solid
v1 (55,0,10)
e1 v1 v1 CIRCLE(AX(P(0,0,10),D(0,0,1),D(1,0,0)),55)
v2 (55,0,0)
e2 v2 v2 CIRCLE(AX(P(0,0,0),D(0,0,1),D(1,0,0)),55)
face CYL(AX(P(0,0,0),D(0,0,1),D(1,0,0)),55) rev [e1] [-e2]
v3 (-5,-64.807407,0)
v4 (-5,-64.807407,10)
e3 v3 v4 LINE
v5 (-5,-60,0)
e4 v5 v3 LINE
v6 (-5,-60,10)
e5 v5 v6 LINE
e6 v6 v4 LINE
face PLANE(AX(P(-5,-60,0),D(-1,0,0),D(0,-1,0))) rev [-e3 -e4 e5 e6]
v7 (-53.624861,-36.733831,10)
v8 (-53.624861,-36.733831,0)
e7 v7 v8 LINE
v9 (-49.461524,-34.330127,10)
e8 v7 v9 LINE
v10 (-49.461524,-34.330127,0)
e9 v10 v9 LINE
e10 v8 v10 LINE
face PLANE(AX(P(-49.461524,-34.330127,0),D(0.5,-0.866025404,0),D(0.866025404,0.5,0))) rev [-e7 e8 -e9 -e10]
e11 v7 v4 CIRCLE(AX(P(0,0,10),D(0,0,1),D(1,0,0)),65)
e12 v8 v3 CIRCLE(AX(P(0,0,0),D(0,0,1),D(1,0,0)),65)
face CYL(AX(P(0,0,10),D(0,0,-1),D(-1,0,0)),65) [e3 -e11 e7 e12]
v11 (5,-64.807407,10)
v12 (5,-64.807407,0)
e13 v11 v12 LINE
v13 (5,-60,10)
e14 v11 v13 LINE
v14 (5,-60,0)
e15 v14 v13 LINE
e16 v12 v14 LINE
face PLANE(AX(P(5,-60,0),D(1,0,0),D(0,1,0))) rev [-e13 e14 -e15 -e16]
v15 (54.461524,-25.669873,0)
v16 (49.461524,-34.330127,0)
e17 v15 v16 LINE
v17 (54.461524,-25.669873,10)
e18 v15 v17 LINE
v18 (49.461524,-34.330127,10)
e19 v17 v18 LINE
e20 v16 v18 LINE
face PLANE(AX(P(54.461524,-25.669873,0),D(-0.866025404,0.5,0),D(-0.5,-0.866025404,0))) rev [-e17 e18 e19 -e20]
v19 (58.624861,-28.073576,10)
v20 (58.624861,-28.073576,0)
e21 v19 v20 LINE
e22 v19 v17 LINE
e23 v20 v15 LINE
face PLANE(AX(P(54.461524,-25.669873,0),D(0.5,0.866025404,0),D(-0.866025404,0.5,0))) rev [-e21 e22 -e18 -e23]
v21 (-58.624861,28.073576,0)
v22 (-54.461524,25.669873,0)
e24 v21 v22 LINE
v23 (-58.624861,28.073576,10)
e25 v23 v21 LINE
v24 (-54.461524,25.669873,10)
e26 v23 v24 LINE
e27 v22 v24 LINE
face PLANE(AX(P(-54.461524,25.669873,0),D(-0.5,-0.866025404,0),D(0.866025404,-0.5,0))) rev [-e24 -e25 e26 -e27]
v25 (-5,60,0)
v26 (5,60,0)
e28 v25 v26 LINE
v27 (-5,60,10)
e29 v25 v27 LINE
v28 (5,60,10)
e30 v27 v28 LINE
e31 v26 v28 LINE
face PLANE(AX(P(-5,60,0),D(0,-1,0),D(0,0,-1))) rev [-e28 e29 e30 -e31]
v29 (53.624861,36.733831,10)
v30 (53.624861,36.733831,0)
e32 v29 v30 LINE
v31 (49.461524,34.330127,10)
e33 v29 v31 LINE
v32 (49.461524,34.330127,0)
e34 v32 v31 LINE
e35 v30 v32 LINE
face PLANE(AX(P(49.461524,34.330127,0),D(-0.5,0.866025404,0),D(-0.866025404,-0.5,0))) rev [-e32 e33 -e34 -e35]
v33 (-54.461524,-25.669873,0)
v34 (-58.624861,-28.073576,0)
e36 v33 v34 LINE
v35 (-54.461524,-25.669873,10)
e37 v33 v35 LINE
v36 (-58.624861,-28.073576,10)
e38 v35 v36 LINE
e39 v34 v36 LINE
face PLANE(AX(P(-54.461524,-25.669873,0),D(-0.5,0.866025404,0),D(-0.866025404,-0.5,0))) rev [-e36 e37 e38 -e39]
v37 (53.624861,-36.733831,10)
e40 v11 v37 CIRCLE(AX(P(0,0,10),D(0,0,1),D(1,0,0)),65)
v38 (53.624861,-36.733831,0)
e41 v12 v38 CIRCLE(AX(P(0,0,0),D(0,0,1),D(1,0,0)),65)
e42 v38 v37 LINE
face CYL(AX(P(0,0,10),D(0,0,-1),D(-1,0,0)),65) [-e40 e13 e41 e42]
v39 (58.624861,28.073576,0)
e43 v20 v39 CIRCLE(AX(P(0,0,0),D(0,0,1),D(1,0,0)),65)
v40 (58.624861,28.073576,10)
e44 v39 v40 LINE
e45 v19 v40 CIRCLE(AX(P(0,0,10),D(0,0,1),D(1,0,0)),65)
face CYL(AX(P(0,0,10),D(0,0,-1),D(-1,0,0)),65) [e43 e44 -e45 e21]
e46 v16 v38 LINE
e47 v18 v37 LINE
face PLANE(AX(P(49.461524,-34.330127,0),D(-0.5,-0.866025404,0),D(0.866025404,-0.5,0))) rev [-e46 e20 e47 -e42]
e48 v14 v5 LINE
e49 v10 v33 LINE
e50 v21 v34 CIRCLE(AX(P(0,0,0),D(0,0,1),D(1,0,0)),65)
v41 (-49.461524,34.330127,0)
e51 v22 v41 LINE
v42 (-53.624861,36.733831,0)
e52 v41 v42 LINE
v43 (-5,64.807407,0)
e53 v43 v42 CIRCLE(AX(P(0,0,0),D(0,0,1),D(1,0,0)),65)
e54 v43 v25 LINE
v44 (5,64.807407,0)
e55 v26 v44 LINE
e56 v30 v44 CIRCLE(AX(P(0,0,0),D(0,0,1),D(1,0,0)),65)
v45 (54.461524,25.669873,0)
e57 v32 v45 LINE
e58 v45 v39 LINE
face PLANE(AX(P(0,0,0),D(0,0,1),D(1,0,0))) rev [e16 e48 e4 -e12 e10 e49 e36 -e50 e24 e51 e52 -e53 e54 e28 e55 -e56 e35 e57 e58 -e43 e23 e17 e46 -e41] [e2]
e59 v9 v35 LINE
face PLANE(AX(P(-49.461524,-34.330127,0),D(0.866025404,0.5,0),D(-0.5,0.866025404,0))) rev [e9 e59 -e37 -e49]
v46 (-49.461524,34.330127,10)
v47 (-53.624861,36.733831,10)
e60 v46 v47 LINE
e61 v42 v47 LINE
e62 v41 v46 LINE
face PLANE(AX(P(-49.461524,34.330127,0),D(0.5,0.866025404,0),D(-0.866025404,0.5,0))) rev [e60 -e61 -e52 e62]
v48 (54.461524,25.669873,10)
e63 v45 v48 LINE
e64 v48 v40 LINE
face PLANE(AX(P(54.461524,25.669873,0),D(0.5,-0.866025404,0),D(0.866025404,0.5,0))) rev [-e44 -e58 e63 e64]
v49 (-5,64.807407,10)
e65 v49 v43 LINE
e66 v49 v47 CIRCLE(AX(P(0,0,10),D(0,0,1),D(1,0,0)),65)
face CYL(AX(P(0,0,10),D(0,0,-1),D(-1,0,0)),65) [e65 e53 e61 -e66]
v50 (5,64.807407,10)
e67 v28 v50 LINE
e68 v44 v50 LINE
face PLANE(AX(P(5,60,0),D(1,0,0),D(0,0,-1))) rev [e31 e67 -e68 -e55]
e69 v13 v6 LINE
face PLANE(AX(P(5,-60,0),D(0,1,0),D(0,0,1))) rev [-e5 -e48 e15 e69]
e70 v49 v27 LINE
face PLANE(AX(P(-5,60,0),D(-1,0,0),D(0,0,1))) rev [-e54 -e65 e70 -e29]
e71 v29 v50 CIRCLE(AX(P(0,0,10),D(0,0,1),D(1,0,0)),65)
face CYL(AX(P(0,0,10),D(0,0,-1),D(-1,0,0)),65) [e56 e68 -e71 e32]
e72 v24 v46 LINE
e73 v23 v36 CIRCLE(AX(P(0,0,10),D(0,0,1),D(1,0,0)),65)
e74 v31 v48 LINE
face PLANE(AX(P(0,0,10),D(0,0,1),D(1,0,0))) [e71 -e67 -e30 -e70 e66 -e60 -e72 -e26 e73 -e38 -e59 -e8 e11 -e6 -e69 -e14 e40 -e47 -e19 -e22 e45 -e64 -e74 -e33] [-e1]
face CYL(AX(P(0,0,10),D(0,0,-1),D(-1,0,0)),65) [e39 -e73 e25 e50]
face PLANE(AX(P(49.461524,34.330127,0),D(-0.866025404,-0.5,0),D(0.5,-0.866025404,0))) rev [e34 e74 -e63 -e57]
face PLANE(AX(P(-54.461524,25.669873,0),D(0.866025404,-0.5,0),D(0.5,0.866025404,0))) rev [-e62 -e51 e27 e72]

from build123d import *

# Parameters (mm, degrees)
SKETCH1_R           = 65
BOSS_EXTRUDE1_DEPTH = 10
SKETCH2_R           = 55
CUT_EXTRUDE1_DEPTH  = 11
SKETCH3_W           = 10
SKETCH3_H           = 5
CUT_EXTRUDE4_DEPTH  = 11


with BuildPart() as part:
    # Sketch1 → Boss-Extrude1 (new body)
    with BuildSketch(Plane.XY):
        Circle(SKETCH1_R)
    extrude(amount=BOSS_EXTRUDE1_DEPTH)

    # Sketch2 → Cut-Extrude1 (cut, through all)
    with BuildSketch(Plane.XY.offset(10)):
        Circle(SKETCH2_R)
    extrude(amount=-CUT_EXTRUDE1_DEPTH, mode=Mode.SUBTRACT)

    # Sketch3 → Cut-Extrude4 (cut, through all)
    with BuildSketch(Plane.XY.offset(10)):
        Polygon((49.461524227, 34.330127019), (53.791651246, 36.830127019), (58.791651246, 28.169872981), (54.461524227, 25.669872981), align=None)
        with Locations((0, 62.5)):
            Rectangle(SKETCH3_W, SKETCH3_H)
        Polygon((54.461524227, -25.669872981), (58.791651246, -28.169872981), (53.791651246, -36.830127019), (49.461524227, -34.330127019), align=None)
        with Locations((0, -62.5)):
            Rectangle(SKETCH3_W, SKETCH3_H)
        Polygon((-49.461524227, -34.330127019), (-53.791651246, -36.830127019), (-58.791651246, -28.169872981), (-54.461524227, -25.669872981), align=None)
        Polygon((-54.461524227, 25.669872981), (-58.791651246, 28.169872981), (-53.791651246, 36.830127019), (-49.461524227, 34.330127019), align=None)
    extrude(amount=-CUT_EXTRUDE4_DEPTH, mode=Mode.SUBTRACT)


solid = part.part
